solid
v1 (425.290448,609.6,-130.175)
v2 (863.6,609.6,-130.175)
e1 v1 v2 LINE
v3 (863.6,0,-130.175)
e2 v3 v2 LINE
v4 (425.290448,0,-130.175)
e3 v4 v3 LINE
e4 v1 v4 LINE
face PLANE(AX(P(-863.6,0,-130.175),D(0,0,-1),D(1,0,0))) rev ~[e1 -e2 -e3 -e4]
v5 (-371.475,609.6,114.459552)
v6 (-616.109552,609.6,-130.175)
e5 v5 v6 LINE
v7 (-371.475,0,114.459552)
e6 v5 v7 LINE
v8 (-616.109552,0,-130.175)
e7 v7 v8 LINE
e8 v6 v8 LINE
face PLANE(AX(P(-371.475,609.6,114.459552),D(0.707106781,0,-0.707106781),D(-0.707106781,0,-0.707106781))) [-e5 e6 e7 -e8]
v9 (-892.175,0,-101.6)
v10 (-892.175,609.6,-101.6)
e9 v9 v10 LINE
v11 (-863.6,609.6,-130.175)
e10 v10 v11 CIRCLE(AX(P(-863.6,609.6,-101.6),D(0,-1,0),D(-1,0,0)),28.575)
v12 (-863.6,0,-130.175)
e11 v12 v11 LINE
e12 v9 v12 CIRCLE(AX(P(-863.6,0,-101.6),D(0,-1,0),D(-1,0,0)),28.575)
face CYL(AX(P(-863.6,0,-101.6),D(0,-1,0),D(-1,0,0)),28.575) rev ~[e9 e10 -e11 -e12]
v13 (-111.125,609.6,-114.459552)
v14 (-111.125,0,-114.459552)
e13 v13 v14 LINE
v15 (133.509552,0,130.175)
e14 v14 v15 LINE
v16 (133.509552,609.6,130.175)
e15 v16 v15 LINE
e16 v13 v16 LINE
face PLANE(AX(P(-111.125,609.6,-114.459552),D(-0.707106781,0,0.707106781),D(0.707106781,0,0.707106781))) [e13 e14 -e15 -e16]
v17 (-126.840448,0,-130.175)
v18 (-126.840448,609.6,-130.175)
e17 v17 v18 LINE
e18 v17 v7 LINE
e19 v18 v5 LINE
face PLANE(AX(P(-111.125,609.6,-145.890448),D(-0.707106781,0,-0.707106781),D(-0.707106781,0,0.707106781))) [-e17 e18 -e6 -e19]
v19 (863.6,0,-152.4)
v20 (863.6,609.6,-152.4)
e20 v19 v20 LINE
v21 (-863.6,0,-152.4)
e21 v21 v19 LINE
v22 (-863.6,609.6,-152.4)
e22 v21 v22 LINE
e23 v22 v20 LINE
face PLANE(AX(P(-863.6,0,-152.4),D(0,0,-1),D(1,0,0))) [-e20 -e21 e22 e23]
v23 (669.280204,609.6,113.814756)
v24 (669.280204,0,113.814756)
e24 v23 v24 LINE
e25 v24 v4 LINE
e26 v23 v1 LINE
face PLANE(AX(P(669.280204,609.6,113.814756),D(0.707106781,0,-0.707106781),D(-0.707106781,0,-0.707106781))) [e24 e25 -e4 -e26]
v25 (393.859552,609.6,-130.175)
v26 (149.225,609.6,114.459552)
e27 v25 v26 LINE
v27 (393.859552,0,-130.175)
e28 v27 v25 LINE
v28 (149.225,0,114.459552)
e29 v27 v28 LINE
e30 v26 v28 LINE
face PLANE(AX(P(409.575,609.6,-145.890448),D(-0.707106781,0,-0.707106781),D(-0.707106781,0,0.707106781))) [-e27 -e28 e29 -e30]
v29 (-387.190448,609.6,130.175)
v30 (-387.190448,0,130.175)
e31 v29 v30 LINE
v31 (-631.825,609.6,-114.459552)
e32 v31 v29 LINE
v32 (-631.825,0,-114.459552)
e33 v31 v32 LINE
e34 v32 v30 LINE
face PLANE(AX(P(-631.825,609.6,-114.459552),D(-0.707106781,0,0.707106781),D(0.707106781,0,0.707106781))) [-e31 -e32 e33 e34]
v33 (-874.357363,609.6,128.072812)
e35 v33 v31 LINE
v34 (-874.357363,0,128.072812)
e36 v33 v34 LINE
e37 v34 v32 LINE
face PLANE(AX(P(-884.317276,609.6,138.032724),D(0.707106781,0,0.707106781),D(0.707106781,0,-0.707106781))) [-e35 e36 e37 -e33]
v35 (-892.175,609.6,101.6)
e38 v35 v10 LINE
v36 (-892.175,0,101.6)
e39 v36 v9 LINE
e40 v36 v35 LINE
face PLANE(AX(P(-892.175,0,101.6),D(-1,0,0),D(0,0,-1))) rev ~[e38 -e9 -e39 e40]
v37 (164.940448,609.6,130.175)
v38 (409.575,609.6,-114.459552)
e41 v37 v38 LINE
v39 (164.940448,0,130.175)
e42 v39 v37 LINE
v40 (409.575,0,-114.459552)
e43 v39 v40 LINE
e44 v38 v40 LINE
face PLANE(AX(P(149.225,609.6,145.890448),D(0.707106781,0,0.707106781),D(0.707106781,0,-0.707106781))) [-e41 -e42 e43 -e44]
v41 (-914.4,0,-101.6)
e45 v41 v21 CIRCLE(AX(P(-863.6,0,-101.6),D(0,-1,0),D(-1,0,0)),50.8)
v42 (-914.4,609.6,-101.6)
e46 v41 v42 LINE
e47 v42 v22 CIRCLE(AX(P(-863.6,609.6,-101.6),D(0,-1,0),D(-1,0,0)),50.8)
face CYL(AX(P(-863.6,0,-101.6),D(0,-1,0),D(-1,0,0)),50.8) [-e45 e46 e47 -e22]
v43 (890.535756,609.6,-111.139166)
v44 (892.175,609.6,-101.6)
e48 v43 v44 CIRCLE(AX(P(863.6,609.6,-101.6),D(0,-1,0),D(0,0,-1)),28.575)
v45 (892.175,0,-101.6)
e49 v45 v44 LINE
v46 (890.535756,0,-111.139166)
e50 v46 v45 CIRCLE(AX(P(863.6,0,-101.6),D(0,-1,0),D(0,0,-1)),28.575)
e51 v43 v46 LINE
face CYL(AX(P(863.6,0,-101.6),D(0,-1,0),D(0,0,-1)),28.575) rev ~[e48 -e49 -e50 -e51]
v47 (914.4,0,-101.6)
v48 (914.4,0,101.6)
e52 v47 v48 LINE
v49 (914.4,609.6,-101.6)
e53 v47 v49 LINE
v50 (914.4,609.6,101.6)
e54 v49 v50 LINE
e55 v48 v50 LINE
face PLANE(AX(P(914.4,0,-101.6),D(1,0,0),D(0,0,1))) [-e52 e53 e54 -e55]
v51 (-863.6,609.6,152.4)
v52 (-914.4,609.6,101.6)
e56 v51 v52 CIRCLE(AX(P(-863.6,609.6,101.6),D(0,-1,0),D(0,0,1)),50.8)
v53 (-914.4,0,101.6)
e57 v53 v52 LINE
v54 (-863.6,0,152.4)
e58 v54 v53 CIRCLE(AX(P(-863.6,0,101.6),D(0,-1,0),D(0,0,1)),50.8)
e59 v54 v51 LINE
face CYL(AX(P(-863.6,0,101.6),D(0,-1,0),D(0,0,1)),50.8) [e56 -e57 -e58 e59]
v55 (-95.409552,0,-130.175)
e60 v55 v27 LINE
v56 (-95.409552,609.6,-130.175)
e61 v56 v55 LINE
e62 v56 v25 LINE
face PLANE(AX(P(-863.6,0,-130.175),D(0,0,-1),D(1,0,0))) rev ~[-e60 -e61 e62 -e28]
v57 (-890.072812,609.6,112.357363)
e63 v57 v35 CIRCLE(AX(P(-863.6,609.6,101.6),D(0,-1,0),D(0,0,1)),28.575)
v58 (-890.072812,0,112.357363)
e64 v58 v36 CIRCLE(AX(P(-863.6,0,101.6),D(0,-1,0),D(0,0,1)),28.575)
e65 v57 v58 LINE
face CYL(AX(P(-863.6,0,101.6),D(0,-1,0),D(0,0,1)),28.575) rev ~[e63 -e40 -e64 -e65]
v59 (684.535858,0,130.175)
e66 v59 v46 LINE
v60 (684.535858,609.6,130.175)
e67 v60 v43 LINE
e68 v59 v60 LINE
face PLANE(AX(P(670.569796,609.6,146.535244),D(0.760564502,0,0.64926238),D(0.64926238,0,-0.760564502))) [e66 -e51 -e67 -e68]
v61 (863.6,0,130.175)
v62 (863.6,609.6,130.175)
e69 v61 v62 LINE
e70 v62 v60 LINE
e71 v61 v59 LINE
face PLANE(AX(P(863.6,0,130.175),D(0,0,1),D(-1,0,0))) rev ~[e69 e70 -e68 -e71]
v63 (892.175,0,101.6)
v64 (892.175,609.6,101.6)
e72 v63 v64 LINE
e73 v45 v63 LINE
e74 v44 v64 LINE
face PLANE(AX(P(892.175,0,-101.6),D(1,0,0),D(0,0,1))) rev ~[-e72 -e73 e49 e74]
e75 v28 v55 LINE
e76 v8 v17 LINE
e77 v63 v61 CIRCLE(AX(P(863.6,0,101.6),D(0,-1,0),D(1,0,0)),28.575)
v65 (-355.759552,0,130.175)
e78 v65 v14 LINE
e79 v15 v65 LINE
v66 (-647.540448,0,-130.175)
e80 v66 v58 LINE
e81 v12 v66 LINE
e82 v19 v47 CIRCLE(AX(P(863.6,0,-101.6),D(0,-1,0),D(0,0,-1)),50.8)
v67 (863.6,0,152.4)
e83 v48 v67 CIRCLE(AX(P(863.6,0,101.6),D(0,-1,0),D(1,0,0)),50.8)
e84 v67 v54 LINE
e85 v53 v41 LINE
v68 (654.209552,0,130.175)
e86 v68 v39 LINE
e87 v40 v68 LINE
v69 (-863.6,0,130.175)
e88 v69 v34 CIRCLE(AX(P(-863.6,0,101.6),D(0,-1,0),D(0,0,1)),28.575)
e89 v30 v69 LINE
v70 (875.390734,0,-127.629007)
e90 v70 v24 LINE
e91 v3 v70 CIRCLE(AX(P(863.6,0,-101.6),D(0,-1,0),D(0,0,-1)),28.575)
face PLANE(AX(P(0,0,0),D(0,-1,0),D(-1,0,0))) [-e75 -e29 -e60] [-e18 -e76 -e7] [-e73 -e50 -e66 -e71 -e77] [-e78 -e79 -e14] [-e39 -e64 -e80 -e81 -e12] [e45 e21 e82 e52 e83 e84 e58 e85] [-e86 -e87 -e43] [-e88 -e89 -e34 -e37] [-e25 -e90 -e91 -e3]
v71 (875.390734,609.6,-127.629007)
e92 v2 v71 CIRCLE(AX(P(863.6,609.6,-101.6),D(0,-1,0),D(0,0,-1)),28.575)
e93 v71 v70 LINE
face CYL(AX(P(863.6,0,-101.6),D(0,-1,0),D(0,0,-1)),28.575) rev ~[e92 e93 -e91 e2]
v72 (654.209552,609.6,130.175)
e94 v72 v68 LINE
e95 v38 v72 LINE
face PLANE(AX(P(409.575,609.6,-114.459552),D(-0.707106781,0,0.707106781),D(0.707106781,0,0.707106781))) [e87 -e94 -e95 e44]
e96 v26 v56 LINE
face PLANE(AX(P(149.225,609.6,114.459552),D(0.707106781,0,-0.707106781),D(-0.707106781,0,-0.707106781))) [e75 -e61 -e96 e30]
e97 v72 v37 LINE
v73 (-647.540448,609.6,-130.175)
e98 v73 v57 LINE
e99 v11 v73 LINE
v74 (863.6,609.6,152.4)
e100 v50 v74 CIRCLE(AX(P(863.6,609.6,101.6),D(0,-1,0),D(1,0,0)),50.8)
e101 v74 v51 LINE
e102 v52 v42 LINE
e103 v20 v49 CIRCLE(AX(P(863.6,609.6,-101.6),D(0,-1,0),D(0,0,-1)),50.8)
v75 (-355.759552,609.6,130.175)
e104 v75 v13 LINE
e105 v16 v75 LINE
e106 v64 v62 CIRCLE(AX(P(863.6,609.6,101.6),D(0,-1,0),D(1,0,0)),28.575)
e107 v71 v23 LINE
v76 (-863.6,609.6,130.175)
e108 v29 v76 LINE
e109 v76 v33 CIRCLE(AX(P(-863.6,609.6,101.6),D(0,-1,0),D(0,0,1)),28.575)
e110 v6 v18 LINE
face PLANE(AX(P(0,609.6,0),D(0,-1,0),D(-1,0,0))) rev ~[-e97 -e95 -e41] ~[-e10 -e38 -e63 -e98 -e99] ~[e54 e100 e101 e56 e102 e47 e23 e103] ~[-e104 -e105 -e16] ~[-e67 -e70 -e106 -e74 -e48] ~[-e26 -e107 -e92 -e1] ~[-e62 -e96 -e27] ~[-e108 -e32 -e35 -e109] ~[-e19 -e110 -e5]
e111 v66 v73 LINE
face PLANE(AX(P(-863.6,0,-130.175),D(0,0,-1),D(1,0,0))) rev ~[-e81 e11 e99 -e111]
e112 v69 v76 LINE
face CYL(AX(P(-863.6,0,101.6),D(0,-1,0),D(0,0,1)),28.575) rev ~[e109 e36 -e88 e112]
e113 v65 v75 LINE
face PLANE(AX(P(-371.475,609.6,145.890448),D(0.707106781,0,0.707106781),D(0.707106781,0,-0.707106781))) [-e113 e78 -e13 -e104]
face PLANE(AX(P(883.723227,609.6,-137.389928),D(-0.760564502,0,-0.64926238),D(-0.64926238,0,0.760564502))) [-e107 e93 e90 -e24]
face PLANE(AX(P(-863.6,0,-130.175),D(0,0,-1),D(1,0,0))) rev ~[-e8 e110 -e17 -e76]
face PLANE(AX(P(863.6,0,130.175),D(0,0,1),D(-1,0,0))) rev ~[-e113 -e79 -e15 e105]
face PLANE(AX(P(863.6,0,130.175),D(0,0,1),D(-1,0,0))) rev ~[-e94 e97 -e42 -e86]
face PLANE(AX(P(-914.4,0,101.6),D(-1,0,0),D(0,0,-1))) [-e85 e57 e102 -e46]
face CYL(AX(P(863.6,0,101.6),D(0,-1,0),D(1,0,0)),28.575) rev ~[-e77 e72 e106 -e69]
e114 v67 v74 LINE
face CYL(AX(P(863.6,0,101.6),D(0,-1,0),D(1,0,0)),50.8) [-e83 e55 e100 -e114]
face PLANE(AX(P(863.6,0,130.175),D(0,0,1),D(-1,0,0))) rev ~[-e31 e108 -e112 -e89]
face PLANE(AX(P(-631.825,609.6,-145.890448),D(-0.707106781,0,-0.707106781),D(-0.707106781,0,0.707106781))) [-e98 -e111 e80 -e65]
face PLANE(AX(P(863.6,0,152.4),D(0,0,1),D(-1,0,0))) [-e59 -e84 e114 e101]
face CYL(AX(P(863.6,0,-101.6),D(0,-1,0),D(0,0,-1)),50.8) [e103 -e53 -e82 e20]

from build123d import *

# Parameters (mm, degrees)
EXTRUDE_THIN1_DEPTH = 609.6
EXTRUDE_THIN3_DEPTH = 609.6


with BuildPart() as part:
    # Sketch1 → Extrude-Thin1 (new body)
    with BuildSketch(Plane(origin=(0, 0, 0), x_dir=(1, 0, 0), z_dir=(0, 1, 0))):
        with BuildLine():
            Line((-863.6, 152.4), (863.6, 152.4))
            ThreePointArc((863.6, 152.4), (899.521024484, 137.521024484), (914.4, 101.6))
            Line((914.4, 101.6), (914.4, -101.6))
            ThreePointArc((914.4, -101.6), (899.521024484, -137.521024484), (863.6, -152.4))
            Line((863.6, -152.4), (-863.6, -152.4))
            ThreePointArc((-863.6, -152.4), (-899.521024484, -137.521024484), (-914.4, -101.6))
            Line((-914.4, -101.6), (-914.4, 101.6))
            ThreePointArc((-914.4, 101.6), (-899.521024484, 137.521024484), (-863.6, 152.4))
        make_face()
        with BuildLine():
            Line((-863.6, 130.175), (863.6, 130.175))
            ThreePointArc((863.6, 130.175), (883.805576272, 121.805576272), (892.175, 101.6))
            Line((892.175, 101.6), (892.175, -101.6))
            ThreePointArc((892.175, -101.6), (883.805576272, -121.805576272), (863.6, -130.175))
            Line((863.6, -130.175), (-863.6, -130.175))
            ThreePointArc((-863.6, -130.175), (-883.805576272, -121.805576272), (-892.175, -101.6))
            Line((-892.175, -101.6), (-892.175, 101.6))
            ThreePointArc((-892.175, 101.6), (-883.805576272, 121.805576272), (-863.6, 130.175))
        make_face(mode=Mode.SUBTRACT)
    extrude(amount=EXTRUDE_THIN1_DEPTH)

    # Sketch2 → Extrude-Thin3 (add)
    with BuildSketch(Plane(origin=(0, 609.6, 0), x_dir=(1, 0, 0), z_dir=(0, 1, 0))):
        Polygon((-884.317275894, -138.032724106), (-631.825, 114.459551788), (-371.475, -145.890448212), (-111.125, 114.459551788), (149.225, -145.890448212), (409.575, 114.459551788), (670.56979597, -146.535244182), (900.626773031, 122.960071803), (883.723226969, 137.389928197), (669.28020403, -113.814755818), (409.575, 145.890448212), (149.225, -114.459551788), (-111.125, 145.890448212), (-371.475, -114.459551788), (-631.825, 145.890448212), (-900.032724106, -122.317275894), align=None)
    extrude(amount=-EXTRUDE_THIN3_DEPTH)


solid = part.part
